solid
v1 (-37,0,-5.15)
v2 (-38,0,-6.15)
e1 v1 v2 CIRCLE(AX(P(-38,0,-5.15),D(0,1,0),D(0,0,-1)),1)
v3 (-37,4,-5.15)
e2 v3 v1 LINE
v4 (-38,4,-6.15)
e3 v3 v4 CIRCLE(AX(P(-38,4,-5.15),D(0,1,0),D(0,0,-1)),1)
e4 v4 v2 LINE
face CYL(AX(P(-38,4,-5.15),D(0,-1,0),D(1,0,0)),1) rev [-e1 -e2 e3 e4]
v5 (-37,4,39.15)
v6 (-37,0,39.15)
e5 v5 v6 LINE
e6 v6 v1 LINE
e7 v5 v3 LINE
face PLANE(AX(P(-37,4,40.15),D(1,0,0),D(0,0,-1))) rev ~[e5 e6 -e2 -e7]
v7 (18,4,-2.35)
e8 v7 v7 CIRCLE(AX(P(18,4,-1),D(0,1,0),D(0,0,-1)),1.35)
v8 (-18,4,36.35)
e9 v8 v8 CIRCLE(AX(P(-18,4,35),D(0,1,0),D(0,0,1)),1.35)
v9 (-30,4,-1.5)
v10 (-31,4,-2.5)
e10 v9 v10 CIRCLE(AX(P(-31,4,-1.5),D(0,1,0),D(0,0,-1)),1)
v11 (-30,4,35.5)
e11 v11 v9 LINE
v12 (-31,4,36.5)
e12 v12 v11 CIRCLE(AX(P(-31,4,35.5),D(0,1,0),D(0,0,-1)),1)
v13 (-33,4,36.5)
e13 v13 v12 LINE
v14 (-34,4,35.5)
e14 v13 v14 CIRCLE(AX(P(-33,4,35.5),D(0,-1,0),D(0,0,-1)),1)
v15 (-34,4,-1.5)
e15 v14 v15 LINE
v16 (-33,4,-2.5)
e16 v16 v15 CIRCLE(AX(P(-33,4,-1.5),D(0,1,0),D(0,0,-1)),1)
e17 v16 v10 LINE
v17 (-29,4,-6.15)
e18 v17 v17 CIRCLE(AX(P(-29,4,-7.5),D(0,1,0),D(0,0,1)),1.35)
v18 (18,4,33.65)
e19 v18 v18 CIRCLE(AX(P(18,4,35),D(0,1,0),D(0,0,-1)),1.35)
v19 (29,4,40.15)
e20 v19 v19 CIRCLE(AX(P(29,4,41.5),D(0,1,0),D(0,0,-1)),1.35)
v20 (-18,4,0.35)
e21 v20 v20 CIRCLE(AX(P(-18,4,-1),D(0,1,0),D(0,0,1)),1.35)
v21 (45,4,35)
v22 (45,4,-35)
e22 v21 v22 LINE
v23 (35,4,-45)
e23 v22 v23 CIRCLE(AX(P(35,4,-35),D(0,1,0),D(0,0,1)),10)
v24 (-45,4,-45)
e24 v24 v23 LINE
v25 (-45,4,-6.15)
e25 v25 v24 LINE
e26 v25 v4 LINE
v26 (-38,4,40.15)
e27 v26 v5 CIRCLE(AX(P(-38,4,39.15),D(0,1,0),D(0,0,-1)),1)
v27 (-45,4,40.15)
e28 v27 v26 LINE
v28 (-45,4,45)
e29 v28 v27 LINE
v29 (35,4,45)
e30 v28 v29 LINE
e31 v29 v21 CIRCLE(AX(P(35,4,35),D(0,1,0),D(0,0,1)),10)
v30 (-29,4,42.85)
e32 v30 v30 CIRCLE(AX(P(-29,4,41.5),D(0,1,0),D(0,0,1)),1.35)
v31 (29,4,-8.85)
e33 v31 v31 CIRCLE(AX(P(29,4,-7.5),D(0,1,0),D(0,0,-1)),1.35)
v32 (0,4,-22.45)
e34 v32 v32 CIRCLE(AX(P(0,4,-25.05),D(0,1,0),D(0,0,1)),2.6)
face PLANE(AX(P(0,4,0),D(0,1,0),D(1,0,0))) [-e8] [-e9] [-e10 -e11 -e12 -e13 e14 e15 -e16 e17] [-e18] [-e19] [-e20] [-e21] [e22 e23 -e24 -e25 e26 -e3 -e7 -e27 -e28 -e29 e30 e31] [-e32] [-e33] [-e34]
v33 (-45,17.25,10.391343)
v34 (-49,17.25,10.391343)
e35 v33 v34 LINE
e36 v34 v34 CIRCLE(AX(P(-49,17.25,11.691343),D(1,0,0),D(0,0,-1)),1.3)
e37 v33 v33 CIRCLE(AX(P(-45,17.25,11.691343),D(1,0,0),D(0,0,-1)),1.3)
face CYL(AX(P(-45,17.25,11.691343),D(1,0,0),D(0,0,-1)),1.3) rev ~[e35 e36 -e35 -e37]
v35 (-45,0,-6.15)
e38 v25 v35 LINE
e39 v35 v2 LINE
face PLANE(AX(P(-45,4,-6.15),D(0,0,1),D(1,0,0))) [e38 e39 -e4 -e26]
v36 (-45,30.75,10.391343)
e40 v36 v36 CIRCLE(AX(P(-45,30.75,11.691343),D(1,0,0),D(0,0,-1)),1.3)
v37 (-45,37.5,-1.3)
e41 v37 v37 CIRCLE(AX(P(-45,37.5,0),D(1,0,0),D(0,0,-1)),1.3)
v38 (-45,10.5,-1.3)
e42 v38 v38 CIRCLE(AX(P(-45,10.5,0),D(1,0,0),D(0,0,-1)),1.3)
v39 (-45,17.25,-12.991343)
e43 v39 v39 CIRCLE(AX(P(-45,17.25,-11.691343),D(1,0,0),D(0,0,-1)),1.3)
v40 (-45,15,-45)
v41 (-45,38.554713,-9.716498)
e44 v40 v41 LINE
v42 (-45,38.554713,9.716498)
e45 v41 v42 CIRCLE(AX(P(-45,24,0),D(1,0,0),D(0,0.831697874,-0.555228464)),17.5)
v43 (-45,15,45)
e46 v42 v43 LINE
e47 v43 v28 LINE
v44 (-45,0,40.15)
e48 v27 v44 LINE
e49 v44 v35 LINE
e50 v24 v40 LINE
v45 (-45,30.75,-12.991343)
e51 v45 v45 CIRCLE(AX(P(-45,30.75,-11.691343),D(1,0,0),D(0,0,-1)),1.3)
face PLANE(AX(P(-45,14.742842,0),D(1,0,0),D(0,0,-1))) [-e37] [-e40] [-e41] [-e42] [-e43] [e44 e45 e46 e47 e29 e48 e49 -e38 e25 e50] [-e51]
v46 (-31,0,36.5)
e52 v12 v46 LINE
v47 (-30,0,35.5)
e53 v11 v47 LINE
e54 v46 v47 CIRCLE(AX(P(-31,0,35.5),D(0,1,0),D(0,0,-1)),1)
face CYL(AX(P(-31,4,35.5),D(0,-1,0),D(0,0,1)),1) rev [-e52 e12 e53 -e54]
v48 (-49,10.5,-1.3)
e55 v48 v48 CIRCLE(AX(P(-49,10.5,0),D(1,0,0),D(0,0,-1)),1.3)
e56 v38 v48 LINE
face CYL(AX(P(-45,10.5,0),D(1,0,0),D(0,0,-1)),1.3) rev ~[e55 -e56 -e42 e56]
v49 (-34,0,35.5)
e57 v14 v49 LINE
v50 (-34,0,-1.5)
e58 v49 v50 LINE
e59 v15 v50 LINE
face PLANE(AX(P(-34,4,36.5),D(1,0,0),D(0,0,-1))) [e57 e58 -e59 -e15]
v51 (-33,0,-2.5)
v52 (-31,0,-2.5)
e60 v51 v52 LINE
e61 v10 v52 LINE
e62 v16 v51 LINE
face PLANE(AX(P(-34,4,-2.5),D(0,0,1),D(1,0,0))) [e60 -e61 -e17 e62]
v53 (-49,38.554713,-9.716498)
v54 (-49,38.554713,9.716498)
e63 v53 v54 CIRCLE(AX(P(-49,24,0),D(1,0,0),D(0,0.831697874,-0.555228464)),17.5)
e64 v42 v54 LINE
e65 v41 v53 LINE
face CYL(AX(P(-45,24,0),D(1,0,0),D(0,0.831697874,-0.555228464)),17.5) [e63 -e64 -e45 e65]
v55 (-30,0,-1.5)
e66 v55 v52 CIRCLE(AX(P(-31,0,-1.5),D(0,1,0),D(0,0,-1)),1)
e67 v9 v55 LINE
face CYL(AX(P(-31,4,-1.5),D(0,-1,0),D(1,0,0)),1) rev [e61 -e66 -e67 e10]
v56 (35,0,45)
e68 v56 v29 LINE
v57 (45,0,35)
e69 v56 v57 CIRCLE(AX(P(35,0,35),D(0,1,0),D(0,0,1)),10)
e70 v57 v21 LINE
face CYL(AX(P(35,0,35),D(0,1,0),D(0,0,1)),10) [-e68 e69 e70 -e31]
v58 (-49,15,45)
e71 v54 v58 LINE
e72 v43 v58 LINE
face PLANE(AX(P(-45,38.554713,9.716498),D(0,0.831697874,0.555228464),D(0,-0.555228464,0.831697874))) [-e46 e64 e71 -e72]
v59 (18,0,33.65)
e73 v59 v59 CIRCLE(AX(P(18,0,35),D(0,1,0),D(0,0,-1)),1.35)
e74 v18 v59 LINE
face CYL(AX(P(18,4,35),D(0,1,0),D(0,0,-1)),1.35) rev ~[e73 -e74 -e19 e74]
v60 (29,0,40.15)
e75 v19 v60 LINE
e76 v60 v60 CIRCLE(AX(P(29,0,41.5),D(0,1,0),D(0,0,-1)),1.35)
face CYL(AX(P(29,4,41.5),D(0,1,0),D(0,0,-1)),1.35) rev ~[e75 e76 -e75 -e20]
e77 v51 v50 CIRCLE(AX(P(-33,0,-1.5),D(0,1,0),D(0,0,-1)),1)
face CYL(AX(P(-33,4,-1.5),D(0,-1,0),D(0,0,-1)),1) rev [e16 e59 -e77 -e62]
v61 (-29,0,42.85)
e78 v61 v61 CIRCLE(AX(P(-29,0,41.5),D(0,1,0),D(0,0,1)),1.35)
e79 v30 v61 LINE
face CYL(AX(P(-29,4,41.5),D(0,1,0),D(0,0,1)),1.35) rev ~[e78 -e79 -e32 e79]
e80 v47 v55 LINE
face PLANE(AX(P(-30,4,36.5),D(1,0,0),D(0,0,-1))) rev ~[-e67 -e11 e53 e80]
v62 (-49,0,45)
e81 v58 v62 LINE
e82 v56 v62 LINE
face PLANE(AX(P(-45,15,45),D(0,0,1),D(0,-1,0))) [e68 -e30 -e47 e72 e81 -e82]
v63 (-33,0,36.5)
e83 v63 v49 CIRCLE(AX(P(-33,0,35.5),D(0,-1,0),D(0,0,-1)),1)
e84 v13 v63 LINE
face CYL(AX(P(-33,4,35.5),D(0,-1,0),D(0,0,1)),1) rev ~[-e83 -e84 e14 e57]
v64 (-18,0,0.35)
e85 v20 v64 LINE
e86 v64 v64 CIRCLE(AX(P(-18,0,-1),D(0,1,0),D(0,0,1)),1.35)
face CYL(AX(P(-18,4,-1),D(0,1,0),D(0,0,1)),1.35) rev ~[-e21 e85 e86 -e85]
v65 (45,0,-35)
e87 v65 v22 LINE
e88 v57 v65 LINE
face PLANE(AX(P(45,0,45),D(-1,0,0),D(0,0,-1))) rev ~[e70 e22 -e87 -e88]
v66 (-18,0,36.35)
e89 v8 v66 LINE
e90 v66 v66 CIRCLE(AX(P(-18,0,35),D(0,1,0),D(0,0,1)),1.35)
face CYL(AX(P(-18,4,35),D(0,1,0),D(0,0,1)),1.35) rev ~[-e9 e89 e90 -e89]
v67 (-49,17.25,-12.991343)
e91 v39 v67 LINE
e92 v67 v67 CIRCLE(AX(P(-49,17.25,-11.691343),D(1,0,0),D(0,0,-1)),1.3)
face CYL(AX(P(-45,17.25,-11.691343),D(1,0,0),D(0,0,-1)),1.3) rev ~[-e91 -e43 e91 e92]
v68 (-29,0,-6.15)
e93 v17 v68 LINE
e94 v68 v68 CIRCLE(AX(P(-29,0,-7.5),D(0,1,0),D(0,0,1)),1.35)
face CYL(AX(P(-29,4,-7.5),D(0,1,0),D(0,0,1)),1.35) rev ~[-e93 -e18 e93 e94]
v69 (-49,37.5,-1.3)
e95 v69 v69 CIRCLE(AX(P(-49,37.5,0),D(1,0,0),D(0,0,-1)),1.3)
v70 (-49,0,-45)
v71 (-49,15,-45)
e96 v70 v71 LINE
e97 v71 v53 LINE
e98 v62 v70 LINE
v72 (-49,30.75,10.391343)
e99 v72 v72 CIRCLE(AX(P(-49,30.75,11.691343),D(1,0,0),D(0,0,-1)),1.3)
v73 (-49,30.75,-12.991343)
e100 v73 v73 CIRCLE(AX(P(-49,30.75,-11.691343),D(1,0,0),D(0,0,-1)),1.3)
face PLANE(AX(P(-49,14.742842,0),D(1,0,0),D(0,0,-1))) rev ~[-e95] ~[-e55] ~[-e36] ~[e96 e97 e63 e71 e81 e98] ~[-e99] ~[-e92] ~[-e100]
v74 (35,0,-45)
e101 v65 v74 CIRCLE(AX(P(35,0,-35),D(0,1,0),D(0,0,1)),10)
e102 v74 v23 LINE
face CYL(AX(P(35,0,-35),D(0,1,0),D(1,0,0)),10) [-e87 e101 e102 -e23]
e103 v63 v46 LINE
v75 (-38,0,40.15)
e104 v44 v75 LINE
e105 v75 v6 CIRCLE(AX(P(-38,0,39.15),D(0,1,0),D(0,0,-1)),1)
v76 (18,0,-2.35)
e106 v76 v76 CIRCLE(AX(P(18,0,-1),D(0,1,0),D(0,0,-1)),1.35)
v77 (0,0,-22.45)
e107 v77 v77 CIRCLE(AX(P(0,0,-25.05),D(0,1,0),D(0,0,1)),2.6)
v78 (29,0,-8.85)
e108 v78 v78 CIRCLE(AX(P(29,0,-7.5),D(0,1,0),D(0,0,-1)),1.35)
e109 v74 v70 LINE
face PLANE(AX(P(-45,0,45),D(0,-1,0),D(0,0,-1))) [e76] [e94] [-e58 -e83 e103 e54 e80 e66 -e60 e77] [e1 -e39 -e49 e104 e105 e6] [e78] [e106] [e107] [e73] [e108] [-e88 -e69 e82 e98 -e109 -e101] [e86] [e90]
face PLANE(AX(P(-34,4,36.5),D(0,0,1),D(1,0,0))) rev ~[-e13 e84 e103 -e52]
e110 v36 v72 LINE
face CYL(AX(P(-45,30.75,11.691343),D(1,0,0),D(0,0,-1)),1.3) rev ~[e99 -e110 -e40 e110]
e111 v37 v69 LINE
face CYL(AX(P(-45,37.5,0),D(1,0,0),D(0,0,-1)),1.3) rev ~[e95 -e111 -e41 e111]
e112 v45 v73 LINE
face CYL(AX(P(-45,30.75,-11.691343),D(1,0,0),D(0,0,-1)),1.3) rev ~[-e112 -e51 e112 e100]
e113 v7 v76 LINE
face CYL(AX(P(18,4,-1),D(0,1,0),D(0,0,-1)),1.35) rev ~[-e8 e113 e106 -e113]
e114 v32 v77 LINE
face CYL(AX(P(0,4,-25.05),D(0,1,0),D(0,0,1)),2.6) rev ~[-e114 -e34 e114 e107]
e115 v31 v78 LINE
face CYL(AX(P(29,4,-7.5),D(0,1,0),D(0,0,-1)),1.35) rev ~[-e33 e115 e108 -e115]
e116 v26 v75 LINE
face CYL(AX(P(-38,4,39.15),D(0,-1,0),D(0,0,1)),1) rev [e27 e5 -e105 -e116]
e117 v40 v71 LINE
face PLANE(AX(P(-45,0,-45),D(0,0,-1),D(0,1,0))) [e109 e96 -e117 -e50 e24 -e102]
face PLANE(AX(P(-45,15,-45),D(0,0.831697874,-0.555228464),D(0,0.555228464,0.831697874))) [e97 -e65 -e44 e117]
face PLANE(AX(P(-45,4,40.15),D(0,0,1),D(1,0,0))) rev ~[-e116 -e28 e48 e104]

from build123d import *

# Parameters (mm, degrees)
SKETCH_3_W          = 90
SKETCH_3_H          = 90
EXTRUDE_3_DEPTH     = 4
EXTRUDE_4_DEPTH     = 4
SKETCH_5_R          = 1.3
CUT_EXTRUDE_1_DEPTH = 4
SKETCH_6_R          = 2.6
SKETCH_6_R_2        = 1.35
CUT_EXTRUDE_2_DEPTH = 4
SKETCH_7_W          = 4
SKETCH_7_H          = 39
SKETCH_7_W_2        = 8
SKETCH_7_H_2        = 46.3
CUT_EXTRUDE_3_DEPTH = 4
FILLET_3_R          = 1
FILLET_4_R          = 10


with BuildPart() as part:
    # 草图3 → 凸台-拉伸3 (new body)
    with BuildSketch(Plane(origin=(0, 0, 0), x_dir=(1, 0, 0), z_dir=(0, 1, 0))):
        Rectangle(SKETCH_3_W, SKETCH_3_H)
    extrude(amount=EXTRUDE_3_DEPTH)

    # 草图4 → 凸台-拉伸4 (add)
    with BuildSketch(Plane.ZY.offset(45)):
        with BuildLine():
            Line((-45, 4), (-45, 15))
            Line((-45, 15), (-9.716498114, 38.55471279))
            ThreePointArc((-9.716498114, 38.55471279), (0, 41.5), (9.716498114, 38.55471279))
            Line((9.716498114, 38.55471279), (45, 15))
            Line((45, 15), (45, 4))
            Line((45, 4), (45, 0))
            Line((45, 0), (-45, 0))
            Line((-45, 0), (-45, 4))
        make_face()
    extrude(amount=EXTRUDE_4_DEPTH)

    # 草图5 → 切除-拉伸1 (cut)
    with BuildSketch(Plane(origin=(-45, 0, 0), x_dir=(0, 0, -1), z_dir=(1, 0, 0))):
        with Locations((0, 37.5)):
            Circle(SKETCH_5_R)
        with Locations((11.691342951, 30.75)):
            Circle(SKETCH_5_R)
        with Locations((11.691342951, 17.25)):
            Circle(SKETCH_5_R)
        with Locations((0, 10.5)):
            Circle(SKETCH_5_R)
        with Locations((-11.691342951, 17.25)):
            Circle(SKETCH_5_R)
        with Locations((-11.691342951, 30.75)):
            Circle(SKETCH_5_R)
    extrude(amount=-CUT_EXTRUDE_1_DEPTH, mode=Mode.SUBTRACT)

    # 草图6 → 切除-拉伸2 (cut)
    with BuildSketch(Plane(origin=(0, 4, 0), x_dir=(1, 0, 0), z_dir=(0, 1, 0))):
        with Locations(Location((0, 25.05, 0), (0, 0, 270))):
            Circle(SKETCH_6_R)
        with Locations(Location((-29, -41.5, 0), (0, 0, 270))):
            Circle(SKETCH_6_R_2)
        with Locations(Location((-29, 7.5, 0), (0, 0, 270))):
            Circle(SKETCH_6_R_2)
        with Locations(Location((-18, -35, 0), (0, 0, 270))):
            Circle(SKETCH_6_R_2)
        with Locations(Location((-18, 1, 0), (0, 0, 270))):
            Circle(SKETCH_6_R_2)
        with Locations(Location((29, -41.5, 0), (0, 0, 90))):
            Circle(SKETCH_6_R_2)
        with Locations(Location((18, -35, 0), (0, 0, 90))):
            Circle(SKETCH_6_R_2)
        with Locations(Location((18, 1, 0), (0, 0, 90))):
            Circle(SKETCH_6_R_2)
        with Locations(Location((29, 7.5, 0), (0, 0, 90))):
            Circle(SKETCH_6_R_2)
    extrude(amount=-CUT_EXTRUDE_2_DEPTH, mode=Mode.SUBTRACT)

    # 草图7 → 切除-拉伸3 (cut)
    with BuildSketch(Plane(origin=(0, 4, 0), x_dir=(1, 0, 0), z_dir=(0, 1, 0))):
        with Locations((-32, -17)):
            Rectangle(SKETCH_7_W, SKETCH_7_H)
        with Locations((-41, -17)):
            Rectangle(SKETCH_7_W_2, SKETCH_7_H_2)
    extrude(amount=-CUT_EXTRUDE_3_DEPTH, mode=Mode.SUBTRACT)

    # 圆角3
    fillet_3_edges = [part.edges().sort_by_distance(p)[0] for p in [
        (-37, 2, 40.15),
        (-37, 2, -6.15),
        (-30, 2, 36.5),
        (-30, 2, -2.5),
        (-34, 2, -2.5),
        (-34, 2, 36.5),
    ]]
    fillet(fillet_3_edges, radius=FILLET_3_R)

    # 圆角4
    fillet_4_edges = [part.edges().sort_by_distance(p)[0] for p in [
        (45, 2, 45),
        (45, 2, -45),
    ]]
    fillet(fillet_4_edges, radius=FILLET_4_R)


solid = part.part
